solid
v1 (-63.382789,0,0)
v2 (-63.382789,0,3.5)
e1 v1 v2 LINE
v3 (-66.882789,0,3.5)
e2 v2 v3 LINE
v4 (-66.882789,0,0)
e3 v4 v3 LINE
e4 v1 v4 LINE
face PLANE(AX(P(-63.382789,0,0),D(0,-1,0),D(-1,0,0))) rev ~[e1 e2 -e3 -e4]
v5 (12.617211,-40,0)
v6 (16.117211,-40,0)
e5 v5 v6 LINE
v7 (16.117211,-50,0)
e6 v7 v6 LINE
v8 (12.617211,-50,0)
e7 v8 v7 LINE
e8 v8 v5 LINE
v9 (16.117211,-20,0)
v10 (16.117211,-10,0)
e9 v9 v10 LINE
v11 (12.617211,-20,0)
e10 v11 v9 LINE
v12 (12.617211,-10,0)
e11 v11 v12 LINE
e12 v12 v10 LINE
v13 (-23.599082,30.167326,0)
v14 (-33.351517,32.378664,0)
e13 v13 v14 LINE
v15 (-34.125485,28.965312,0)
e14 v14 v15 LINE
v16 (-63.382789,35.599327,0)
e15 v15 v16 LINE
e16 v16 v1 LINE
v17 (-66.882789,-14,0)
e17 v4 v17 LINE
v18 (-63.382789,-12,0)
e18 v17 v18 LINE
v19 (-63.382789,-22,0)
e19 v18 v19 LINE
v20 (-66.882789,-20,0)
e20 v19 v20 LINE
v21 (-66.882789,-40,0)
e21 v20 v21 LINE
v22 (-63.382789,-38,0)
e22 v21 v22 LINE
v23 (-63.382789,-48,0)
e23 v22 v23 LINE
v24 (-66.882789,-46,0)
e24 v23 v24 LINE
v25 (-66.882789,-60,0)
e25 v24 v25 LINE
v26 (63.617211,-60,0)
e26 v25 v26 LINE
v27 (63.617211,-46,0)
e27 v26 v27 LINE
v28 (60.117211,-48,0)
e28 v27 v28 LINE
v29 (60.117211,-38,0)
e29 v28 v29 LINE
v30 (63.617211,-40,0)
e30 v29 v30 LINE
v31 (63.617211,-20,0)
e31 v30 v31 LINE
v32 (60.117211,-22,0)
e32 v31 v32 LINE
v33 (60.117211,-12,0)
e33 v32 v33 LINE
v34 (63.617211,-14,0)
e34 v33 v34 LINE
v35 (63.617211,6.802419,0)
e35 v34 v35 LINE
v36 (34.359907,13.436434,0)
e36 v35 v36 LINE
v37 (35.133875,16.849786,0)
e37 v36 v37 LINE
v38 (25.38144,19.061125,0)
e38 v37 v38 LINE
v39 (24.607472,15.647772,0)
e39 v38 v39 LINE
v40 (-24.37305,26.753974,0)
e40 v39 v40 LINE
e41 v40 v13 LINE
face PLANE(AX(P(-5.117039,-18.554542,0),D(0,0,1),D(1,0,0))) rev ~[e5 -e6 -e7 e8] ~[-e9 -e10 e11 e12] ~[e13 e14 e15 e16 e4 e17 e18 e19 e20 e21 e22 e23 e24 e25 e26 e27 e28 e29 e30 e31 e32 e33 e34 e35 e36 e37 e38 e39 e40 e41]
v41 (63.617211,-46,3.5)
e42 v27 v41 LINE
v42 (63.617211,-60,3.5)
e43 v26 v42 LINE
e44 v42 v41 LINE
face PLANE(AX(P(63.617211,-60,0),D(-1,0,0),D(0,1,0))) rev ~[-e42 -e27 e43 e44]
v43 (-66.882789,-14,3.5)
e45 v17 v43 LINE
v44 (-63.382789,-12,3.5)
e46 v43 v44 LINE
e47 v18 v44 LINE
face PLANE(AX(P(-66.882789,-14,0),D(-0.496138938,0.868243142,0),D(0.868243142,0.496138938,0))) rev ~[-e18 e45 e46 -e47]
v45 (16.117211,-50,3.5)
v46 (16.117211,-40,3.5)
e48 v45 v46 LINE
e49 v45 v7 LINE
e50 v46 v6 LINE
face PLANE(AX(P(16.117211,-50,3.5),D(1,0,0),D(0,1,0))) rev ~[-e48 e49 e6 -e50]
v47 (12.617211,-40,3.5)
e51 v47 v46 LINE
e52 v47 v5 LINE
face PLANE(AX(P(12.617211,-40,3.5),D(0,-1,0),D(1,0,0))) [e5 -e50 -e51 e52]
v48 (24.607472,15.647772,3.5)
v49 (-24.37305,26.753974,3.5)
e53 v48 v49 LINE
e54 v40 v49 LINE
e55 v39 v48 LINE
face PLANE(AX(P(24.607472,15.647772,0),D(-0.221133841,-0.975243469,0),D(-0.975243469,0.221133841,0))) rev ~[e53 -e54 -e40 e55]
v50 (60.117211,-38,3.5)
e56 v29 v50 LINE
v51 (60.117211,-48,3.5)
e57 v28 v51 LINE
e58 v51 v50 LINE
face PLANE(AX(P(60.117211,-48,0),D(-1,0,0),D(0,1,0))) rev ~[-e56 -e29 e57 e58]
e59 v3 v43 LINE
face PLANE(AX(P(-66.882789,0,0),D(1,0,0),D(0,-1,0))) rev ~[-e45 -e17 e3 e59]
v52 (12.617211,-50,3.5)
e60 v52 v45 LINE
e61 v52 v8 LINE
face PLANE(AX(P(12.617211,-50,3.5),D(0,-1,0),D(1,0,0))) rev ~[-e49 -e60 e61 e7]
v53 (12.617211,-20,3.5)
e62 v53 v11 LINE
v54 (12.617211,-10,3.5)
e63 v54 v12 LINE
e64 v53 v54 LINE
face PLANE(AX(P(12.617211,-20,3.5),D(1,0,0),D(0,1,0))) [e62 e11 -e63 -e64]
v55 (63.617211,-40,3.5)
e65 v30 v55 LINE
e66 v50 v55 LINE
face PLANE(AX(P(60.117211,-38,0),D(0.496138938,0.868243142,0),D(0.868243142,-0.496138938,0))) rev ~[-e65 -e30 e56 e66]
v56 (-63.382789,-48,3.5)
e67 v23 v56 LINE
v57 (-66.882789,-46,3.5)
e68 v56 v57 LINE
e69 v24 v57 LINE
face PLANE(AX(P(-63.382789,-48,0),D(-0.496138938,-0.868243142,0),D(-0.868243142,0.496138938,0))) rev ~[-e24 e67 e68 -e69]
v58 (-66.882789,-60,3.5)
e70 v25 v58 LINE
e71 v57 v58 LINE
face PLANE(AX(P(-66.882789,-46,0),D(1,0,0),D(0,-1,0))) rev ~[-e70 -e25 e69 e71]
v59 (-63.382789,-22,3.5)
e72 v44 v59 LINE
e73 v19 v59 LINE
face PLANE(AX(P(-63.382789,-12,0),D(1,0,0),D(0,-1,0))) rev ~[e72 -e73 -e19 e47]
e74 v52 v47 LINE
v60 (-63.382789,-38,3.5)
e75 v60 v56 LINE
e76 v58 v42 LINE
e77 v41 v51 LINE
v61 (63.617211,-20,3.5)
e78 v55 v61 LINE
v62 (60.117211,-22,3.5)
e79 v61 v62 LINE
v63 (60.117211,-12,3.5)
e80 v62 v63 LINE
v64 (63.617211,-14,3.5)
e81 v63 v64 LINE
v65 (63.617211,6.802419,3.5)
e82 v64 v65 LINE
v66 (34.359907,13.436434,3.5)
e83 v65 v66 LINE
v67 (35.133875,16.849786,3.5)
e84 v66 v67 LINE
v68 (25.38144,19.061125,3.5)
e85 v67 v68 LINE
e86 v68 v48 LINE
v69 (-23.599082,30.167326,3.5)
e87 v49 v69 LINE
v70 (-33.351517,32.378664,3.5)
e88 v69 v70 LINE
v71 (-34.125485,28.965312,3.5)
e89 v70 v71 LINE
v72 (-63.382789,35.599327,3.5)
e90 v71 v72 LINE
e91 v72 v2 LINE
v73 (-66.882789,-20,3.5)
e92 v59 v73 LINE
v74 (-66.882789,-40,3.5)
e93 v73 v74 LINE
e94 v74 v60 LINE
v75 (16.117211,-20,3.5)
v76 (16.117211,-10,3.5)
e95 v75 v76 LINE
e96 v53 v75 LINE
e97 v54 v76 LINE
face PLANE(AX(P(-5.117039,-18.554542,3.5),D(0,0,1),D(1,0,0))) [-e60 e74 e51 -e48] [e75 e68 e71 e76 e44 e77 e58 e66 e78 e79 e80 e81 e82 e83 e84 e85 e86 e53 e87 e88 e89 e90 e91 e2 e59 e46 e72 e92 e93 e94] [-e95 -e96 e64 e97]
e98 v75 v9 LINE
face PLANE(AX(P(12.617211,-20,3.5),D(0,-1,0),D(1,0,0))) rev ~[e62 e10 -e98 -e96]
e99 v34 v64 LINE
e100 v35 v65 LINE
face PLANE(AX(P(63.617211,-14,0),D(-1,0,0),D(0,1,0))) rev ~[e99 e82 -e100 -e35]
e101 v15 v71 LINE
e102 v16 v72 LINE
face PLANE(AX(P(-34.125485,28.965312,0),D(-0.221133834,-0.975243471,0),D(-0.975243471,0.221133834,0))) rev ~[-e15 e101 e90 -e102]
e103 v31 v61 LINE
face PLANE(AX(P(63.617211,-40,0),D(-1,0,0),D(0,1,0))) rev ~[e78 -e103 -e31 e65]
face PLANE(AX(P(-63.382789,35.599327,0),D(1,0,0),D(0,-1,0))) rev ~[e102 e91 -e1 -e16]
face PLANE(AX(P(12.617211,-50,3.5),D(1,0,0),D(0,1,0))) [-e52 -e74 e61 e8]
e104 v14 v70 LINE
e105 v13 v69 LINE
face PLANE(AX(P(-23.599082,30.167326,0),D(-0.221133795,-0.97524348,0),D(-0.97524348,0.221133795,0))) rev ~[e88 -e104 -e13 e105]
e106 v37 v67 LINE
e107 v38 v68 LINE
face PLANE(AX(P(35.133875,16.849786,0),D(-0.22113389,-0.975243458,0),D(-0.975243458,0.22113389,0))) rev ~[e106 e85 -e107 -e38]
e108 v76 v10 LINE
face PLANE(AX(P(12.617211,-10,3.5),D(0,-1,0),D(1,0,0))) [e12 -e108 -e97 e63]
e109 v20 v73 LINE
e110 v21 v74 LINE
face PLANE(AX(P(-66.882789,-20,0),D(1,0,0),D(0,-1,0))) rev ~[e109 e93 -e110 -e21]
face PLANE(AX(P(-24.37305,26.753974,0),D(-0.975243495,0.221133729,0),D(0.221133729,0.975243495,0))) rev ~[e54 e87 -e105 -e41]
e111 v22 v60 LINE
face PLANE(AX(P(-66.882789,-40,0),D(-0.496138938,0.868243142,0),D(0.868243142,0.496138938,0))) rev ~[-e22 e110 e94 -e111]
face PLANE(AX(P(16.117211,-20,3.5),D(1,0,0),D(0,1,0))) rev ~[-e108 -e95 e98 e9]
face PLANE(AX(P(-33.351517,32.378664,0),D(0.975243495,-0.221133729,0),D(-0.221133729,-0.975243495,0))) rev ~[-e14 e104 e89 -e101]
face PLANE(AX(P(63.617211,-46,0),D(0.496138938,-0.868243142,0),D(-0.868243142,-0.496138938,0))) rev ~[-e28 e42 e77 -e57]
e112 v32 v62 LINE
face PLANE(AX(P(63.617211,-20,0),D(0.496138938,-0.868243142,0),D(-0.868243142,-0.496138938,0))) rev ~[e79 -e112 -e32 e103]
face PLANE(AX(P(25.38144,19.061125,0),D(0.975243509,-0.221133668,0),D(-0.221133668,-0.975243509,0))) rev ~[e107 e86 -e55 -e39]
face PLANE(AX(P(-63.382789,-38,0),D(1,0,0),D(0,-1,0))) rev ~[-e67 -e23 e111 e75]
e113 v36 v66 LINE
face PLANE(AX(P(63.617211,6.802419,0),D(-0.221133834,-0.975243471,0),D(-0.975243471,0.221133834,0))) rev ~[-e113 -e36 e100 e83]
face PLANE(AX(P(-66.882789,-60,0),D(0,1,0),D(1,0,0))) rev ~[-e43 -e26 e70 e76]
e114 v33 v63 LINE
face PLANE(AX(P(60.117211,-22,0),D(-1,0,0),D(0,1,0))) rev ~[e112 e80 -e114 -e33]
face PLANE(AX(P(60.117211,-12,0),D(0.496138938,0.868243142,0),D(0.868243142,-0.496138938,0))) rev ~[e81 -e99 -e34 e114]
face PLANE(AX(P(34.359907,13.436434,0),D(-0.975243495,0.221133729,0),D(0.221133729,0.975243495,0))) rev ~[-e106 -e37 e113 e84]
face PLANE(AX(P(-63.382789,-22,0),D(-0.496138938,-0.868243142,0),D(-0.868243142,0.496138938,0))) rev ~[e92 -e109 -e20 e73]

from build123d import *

# Parameters (mm, degrees)
F1_DEPTH = 3.5
F2_W     = 3.5
F2_H     = 10
F3_DEPTH = 3.5


with BuildPart() as f1:
    # F0 (on Top) → F1 (new body)
    with BuildSketch(Plane.XY):
        Polygon((63.617211, -14), (63.617211, 0), (63.617211, 6.802419), (34.359907, 13.436434), (35.133875, 16.849786), (25.38144, 19.061125), (24.607472, 15.647772), (-24.37305, 26.753974), (-23.599082, 30.167326), (-33.351517, 32.378664), (-34.125485, 28.965312), (-63.382789, 35.599327), (-63.382789, 0), (-66.882789, 0), (-66.882789, -14), (-63.382789, -12), (-63.382789, -22), (-66.882789, -20), (-66.882789, -40), (-63.382789, -38), (-63.382789, -48), (-66.882789, -46), (-66.882789, -60), (-63.382789, -60), (60.117211, -60), (63.617211, -60), (63.617211, -46), (60.117211, -48), (60.117211, -38), (63.617211, -40), (63.617211, -20), (60.117211, -22), (60.117211, -12), align=None)
    extrude(amount=F1_DEPTH)

    # F2 (on face) → F3 (cut)
    with BuildSketch(Plane.XY.offset(3.5)):
        with Locations((14.367211, -15)):
            Rectangle(F2_W, F2_H)
        with Locations((14.367211, -45)):
            Rectangle(F2_W, F2_H)
    extrude(amount=-F3_DEPTH, mode=Mode.SUBTRACT)


solid = f1.part
